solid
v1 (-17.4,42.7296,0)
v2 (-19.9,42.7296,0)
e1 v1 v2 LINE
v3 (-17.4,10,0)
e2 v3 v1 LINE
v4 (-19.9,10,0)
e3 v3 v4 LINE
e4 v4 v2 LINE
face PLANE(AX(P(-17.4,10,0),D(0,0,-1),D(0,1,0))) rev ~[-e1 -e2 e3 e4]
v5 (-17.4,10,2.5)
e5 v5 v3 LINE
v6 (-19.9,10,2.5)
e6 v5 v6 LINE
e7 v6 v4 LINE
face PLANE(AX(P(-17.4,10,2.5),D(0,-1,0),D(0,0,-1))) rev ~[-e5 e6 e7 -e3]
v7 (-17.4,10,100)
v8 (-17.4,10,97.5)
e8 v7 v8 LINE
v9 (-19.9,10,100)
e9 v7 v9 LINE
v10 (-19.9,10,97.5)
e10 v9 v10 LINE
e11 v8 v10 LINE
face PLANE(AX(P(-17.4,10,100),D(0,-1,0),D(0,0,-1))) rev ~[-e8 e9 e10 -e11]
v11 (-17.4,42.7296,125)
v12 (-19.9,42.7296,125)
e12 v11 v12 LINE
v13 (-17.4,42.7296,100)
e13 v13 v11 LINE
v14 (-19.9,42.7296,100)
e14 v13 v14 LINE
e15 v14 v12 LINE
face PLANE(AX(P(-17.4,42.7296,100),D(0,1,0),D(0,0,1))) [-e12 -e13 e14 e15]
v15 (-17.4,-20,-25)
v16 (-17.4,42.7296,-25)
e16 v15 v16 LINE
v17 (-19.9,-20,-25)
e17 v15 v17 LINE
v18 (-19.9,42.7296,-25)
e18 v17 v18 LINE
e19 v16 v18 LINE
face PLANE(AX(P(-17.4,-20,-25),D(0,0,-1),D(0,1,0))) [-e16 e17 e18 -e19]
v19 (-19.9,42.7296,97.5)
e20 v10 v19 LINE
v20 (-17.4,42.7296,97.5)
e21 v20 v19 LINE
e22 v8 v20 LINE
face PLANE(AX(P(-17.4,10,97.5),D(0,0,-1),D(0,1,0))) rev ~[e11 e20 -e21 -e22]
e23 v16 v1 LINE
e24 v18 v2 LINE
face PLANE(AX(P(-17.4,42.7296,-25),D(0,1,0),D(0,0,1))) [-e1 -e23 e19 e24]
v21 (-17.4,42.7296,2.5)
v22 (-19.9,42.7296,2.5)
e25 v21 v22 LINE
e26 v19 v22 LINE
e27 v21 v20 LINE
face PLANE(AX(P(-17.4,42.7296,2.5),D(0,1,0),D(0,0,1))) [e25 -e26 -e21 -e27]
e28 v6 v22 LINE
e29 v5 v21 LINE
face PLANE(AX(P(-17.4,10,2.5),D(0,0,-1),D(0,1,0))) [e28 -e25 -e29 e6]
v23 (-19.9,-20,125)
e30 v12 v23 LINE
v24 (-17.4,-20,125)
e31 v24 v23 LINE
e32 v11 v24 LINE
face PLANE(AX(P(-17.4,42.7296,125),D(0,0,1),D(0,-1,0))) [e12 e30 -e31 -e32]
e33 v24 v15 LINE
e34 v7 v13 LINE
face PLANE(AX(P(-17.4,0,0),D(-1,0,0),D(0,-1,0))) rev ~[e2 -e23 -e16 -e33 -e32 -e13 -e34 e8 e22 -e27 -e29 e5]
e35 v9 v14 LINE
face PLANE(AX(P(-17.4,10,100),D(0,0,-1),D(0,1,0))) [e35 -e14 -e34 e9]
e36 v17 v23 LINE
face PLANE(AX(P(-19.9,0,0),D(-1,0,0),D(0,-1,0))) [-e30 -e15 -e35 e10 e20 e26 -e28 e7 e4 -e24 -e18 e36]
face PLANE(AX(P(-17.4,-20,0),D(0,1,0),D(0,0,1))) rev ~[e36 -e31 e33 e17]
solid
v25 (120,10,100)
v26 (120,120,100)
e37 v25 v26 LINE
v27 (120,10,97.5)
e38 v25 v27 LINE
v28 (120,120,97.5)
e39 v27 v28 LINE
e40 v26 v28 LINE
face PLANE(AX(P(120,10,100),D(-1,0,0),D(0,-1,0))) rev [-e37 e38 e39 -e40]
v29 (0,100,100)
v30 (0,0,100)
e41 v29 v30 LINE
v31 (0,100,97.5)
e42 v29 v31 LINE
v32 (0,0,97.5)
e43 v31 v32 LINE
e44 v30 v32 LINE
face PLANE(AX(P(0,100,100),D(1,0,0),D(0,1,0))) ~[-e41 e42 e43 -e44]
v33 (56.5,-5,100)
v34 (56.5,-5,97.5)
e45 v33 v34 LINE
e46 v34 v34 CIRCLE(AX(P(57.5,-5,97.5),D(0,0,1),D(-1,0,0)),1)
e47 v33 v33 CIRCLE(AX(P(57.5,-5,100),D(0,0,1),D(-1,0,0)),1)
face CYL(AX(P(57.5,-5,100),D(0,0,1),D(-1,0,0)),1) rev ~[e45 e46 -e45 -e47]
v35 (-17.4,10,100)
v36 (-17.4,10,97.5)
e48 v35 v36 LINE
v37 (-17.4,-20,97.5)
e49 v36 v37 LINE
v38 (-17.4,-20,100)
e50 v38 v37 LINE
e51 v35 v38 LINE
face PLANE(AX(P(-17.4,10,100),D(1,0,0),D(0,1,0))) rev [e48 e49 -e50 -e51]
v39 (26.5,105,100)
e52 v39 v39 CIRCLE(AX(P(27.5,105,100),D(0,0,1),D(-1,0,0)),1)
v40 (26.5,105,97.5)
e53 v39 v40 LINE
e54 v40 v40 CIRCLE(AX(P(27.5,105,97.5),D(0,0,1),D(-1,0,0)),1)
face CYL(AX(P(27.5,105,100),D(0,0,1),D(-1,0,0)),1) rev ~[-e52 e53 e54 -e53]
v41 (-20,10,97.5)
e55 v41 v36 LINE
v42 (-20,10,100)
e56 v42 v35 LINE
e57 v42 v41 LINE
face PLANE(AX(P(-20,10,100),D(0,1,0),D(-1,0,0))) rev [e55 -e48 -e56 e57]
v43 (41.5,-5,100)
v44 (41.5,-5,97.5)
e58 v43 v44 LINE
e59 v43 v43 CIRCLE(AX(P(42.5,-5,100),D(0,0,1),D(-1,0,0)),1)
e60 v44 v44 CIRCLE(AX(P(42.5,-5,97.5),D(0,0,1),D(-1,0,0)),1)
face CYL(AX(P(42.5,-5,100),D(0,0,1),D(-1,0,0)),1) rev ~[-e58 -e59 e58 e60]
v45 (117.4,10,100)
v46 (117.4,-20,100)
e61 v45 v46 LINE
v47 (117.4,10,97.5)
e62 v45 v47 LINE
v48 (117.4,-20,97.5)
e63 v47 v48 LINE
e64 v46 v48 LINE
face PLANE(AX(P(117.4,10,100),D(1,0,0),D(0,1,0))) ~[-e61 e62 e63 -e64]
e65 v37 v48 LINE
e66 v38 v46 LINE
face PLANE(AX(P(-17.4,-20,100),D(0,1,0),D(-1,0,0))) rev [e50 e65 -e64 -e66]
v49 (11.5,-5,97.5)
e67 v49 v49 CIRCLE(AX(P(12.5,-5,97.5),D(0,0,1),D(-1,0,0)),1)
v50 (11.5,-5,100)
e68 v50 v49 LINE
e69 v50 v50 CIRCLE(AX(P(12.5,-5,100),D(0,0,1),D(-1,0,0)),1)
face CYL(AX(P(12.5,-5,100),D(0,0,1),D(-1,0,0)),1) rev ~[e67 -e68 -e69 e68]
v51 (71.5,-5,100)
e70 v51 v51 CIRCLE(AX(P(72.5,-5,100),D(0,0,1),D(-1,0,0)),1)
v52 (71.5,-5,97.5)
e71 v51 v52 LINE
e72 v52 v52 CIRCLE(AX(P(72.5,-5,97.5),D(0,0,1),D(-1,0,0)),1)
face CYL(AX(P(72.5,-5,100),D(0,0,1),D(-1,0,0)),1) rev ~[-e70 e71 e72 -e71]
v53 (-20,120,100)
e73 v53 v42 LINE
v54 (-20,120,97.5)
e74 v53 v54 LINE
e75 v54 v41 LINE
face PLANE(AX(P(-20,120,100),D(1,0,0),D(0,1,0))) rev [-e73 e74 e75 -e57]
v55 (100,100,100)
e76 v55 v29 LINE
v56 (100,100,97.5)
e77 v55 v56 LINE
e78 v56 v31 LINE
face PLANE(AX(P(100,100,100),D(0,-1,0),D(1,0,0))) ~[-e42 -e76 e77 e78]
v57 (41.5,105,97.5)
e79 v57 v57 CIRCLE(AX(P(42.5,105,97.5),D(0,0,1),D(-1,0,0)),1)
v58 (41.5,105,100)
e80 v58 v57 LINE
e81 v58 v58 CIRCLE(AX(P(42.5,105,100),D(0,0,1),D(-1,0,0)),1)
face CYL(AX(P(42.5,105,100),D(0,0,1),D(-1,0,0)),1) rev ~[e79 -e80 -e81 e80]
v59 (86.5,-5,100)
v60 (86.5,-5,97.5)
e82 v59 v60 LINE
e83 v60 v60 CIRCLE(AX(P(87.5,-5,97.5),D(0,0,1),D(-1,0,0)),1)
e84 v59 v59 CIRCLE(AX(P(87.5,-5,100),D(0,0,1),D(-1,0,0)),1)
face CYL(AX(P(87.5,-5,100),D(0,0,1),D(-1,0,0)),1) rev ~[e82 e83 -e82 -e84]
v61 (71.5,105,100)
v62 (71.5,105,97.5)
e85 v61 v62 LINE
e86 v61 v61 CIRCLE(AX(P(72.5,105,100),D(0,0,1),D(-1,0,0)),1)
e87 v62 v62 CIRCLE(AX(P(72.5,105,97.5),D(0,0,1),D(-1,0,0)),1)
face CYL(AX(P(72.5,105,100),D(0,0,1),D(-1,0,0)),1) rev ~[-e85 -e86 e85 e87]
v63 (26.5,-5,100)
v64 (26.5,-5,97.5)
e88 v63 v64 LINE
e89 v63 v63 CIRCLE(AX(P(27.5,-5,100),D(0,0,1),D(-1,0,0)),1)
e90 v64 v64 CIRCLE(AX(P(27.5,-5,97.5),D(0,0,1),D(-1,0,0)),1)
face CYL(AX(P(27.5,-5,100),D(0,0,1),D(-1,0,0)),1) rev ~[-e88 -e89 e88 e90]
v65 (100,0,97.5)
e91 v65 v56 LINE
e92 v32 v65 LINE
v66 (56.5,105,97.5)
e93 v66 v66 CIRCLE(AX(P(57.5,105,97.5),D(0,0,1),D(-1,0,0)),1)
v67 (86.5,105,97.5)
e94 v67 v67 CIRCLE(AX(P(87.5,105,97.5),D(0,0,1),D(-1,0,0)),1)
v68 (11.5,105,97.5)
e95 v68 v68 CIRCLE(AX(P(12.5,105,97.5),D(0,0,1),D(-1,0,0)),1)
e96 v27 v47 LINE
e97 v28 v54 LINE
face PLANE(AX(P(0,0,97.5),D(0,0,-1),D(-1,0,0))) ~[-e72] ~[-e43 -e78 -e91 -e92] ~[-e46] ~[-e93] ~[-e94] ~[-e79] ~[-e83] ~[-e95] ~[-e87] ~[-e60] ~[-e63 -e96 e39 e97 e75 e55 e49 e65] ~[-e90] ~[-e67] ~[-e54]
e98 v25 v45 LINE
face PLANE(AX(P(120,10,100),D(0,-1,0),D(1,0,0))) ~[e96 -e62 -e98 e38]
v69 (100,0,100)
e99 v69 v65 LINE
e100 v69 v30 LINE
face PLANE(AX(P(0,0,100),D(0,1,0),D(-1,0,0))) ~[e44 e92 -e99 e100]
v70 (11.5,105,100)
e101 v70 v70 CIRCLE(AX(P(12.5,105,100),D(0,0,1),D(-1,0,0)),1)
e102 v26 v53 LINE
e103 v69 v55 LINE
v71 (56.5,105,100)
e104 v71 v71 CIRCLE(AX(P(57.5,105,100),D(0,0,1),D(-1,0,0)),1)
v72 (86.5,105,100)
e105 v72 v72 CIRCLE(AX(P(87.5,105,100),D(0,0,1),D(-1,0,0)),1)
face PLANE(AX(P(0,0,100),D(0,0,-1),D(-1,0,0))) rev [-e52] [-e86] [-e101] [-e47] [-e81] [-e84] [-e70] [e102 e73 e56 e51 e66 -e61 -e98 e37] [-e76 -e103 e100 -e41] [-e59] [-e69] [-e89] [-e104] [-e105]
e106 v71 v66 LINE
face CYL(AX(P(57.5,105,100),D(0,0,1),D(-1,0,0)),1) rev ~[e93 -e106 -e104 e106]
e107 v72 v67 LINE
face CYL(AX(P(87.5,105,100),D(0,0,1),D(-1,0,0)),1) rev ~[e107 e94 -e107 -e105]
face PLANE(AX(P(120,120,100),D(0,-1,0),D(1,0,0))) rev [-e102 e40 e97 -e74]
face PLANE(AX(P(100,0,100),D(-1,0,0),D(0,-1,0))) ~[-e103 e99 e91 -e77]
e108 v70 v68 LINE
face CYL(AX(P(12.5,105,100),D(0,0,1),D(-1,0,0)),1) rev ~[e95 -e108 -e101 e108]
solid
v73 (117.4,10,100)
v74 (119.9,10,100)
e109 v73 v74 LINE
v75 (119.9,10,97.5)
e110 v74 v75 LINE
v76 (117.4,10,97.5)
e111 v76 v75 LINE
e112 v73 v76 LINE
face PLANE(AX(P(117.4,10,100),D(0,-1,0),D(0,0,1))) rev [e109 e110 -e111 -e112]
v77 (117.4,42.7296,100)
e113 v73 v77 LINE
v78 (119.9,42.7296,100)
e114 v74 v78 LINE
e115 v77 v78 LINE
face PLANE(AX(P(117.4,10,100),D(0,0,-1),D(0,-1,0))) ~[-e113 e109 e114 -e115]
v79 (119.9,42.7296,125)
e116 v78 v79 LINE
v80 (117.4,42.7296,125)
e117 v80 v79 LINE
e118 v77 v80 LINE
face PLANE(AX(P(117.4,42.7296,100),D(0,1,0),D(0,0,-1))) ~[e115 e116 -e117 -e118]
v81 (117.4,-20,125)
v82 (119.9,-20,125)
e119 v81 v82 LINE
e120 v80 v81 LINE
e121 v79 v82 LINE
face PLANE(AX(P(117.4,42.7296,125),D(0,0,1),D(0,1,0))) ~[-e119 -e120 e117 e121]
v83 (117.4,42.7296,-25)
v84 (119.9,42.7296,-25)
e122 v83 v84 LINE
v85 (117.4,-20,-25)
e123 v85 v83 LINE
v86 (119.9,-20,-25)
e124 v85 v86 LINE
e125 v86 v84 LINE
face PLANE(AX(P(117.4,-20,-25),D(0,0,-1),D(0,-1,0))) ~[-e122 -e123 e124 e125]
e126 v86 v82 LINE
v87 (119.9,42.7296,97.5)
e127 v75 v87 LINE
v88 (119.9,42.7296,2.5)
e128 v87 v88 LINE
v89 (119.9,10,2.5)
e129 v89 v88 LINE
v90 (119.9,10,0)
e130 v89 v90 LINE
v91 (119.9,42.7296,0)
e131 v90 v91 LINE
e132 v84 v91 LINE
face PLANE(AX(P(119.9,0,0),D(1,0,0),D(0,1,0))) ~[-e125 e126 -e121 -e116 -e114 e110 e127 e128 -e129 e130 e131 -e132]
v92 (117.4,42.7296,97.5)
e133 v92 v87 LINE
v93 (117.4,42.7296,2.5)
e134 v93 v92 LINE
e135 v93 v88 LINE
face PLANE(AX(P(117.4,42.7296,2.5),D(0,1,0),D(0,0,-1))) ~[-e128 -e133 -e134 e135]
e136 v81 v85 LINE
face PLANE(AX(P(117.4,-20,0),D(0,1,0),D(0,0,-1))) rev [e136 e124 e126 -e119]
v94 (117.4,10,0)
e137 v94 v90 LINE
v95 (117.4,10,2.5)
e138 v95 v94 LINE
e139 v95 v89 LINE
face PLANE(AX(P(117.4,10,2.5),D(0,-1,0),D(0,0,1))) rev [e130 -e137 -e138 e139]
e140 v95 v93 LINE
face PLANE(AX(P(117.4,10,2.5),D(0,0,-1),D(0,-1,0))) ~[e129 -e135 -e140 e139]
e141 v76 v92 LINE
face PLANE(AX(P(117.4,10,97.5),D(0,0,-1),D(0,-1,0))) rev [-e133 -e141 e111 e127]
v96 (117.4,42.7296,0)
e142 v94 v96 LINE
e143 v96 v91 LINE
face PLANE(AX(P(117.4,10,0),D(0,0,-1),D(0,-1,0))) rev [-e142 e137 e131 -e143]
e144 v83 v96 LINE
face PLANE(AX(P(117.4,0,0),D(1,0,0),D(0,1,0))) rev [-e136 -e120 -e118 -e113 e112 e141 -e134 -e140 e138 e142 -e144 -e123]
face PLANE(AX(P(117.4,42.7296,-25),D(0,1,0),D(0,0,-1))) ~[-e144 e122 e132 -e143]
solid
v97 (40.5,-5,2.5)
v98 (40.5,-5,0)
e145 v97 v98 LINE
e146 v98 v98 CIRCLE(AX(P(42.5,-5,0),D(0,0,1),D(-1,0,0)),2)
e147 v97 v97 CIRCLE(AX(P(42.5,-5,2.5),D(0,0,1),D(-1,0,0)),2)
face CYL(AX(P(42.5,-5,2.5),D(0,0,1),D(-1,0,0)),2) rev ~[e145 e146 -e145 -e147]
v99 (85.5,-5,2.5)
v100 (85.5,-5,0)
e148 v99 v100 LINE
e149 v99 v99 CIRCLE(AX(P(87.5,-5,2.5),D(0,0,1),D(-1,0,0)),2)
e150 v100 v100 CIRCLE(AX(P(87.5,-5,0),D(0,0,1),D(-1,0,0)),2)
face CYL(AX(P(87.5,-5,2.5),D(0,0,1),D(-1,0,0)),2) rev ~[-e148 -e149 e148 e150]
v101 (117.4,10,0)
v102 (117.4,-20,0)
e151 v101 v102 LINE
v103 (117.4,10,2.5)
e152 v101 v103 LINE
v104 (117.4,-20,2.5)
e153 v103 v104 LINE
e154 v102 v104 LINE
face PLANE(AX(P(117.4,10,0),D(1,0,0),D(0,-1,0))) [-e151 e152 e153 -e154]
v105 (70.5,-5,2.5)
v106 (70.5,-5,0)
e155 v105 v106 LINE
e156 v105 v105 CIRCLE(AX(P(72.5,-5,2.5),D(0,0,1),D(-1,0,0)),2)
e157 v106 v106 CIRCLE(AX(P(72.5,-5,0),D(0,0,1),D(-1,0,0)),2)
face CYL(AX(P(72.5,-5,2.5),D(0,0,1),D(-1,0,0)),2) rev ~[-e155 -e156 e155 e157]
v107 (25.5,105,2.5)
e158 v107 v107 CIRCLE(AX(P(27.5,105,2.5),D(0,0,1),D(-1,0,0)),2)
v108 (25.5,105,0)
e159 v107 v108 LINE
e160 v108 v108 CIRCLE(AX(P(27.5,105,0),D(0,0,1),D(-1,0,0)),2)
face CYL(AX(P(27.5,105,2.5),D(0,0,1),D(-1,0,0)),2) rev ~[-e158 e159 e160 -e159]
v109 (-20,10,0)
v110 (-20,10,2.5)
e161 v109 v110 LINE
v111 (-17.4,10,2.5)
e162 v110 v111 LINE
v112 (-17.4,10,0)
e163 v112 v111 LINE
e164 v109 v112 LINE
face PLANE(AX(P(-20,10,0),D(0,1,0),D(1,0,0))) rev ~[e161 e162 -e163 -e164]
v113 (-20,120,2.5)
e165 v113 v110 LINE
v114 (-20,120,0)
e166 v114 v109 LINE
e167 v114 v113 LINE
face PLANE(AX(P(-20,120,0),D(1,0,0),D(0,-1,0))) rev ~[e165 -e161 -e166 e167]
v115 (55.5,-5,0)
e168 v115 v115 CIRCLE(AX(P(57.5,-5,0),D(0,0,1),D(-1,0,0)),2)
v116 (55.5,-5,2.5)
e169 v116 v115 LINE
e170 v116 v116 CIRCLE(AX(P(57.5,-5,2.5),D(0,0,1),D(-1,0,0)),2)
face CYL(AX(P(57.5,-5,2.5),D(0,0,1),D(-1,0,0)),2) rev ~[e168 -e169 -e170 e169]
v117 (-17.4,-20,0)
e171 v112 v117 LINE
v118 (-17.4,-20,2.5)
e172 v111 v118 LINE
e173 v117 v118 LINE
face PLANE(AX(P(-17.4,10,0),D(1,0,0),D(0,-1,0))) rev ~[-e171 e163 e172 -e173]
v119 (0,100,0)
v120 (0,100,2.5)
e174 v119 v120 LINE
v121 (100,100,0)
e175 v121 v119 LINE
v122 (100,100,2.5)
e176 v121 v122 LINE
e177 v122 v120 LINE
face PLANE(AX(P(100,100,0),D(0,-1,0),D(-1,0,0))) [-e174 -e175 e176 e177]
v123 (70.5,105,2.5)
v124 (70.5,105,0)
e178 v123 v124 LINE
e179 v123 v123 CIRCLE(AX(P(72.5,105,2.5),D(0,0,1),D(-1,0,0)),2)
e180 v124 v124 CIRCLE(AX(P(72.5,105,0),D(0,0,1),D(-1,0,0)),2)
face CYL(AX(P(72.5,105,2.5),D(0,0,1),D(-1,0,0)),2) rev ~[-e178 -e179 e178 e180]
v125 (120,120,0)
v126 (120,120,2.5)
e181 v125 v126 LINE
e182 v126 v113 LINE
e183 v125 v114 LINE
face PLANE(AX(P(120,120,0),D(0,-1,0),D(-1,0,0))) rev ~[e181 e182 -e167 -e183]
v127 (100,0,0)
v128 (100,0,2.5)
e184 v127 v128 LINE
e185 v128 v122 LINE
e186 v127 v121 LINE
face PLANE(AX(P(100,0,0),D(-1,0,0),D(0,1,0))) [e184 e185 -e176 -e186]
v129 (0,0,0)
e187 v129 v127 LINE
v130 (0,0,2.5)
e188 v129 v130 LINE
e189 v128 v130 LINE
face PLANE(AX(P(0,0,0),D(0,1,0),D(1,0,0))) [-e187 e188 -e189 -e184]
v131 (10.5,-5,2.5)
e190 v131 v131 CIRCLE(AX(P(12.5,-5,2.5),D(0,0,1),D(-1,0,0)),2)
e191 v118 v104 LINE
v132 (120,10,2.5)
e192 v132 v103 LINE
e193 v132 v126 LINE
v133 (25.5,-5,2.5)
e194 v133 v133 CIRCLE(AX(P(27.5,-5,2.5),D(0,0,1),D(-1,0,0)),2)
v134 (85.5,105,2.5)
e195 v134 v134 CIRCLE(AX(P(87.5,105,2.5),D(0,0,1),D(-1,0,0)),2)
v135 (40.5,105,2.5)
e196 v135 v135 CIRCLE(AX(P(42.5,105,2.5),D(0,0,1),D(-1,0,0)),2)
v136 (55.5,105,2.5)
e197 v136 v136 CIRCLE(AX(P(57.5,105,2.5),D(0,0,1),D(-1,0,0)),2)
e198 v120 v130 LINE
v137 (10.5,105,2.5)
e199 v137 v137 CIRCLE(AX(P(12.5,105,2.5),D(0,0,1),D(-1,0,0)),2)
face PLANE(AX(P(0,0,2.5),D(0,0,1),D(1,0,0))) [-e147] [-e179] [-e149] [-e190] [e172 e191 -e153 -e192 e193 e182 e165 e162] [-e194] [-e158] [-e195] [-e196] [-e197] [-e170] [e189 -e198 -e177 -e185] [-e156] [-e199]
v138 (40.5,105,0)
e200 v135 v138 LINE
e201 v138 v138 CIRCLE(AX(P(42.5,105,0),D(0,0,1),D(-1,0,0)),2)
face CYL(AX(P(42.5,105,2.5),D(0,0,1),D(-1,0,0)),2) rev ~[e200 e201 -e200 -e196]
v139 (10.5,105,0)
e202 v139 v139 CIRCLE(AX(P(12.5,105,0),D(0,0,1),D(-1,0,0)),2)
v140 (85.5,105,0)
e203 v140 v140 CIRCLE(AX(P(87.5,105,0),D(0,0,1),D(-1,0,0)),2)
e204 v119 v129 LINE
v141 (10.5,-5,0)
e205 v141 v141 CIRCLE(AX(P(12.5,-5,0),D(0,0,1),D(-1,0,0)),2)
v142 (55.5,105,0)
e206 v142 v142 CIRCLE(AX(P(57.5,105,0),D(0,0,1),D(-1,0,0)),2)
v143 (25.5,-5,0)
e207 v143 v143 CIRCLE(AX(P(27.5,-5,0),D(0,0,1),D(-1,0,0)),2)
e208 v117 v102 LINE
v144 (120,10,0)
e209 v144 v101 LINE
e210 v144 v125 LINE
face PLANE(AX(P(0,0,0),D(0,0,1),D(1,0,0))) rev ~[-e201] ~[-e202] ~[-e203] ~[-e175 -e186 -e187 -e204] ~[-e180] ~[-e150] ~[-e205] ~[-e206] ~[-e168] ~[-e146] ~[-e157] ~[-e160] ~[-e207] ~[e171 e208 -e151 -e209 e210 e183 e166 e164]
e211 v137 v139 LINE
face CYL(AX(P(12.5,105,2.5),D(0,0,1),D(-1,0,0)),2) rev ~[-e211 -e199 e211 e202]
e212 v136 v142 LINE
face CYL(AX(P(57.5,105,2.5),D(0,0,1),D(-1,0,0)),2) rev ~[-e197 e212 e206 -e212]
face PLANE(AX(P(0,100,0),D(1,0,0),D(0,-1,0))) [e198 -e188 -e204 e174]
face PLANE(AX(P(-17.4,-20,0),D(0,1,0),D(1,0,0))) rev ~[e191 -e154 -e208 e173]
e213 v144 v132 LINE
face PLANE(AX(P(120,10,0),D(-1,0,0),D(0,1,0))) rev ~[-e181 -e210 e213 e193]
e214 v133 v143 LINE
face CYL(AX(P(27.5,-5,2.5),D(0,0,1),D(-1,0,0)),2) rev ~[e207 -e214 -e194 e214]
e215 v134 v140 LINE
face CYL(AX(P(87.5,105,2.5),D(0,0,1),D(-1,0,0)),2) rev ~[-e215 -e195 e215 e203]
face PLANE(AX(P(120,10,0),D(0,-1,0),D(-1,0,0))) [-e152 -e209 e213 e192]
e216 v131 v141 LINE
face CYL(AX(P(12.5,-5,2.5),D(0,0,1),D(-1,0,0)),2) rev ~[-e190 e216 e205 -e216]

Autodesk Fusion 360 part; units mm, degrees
sketch "Skizze1" plane through (0, 0, 0) normal (0, 0, 1) x (1, 0, 0)
  line L0 (0, 0) -> (100, 0)
  line L1 (100, 0) -> (100, 100)
  line L2 (100, 100) -> (0, 100)
  line L3 (0, 100) -> (0, 0)
  line L4 (-17.4, -20) -> (120, -20)
  line L5 (120, -20) -> (120, 120)
  line L6 (120, 120) -> (-20, 120)
  line L7 (-20, 120) -> (-20, 10)
  line L8 (-20, 10) -> (-17.4, 10)
  line L9 (-17.4, 10) -> (-17.4, -20)
  line L10 (50, 0) -> (50, 5)
  line L11 (117.4, 10) -> (117.4, -20)
  line L12 (120, 10) -> (117.4, 10)
  dimension "d1" = 100
  dimension "d2" = 100
  dimension "d4" = 2.6
  dimension "d5" = 30
extrude "Extrusion1" add sketch "Skizze1" along normal blind 2.5 contours L4 L5 L6 L7 L8 L9 L11 L12 makes body 1
sketch "Skizze2" plane through (-17.4, 0, 0) normal (-1, 0, 0) x (0, -1, 0)
  line L0 (-10, 0) -> (20, 0)
  line L1 (20, 0) -> (20, 2.5)
  line L2 (20, 2.5) -> (-10, 2.5)
  line L3 (-10, 2.5) -> (-10, 0)
  line L4 (20, -25) -> (-42.7296, -25)
  line L5 (-42.7296, 125) -> (20, 125)
  line L6 (20, 125) -> (20, -25)
  line L7 (-10, 2.5) -> (-42.7296, 2.5)
  line L8 (-10, 0) -> (-42.7296, 0)
  line L9 (-10, 0) -> (-10, 2.5)
  line L10 (-42.7296, 50) -> (-35, 50)
  line L11 (-10, 100) -> (-42.7296, 100)
  line L12 (-10, 97.5) -> (-42.7296, 97.5)
  line L13 (-10, 100) -> (-10, 97.5)
  line L14 (-42.7296, -25) -> (-42.7296, 0)
  line L15 (-42.7296, 2.5) -> (-42.7296, 97.5)
  line L16 (-42.7296, 100) -> (-42.7296, 125)
  dimension "d8" = 150
  dimension "d9" = 25
extrude "Extrusion2" add sketch "Skizze2" along normal blind 2.5 separate body makes body 2
ref_plane "Arbeitsebene1" through (-18.65, 11.3648, 50) normal (0, 0, -1) x (0, -1, 0)
mirror "Spiegeln1" about plane through (-18.65, 11.3648, 50) normal (0, 0, -1) of bodies 1 makes body 3
ref_plane "Arbeitsebene2" through (50, 65, 98.75) normal (1, 0, 0) x (0, 1, 0)
mirror "Spiegeln2" about plane through (50, 65, 98.75) normal (1, 0, 0) of bodies 2 makes body 4
sketch "Skizze3" plane through (0, 0, 2.5) normal (0, 0, 1) x (-1, 0, 0)
  line L0 (0, 0) -> (0, -100)
  line L1 (0, -100) -> (-100, -100)
  line L2 (-100, -100) -> (-100, 0)
  line L3 (-100, 0) -> (0, 0)
  line L4 (-120, -120) -> (20, -120)
  line L5 (20, -120) -> (20, -10)
  line L6 (20, -10) -> (17.4, -10)
  line L7 (17.4, -10) -> (17.4, 20)
  line L8 (17.4, 20) -> (-117.4, 20)
  line L9 (-117.4, 20) -> (-117.4, -10)
  line L10 (-117.4, -10) -> (-120, -10)
  line L11 (-120, -10) -> (-120, -120)
  circle A0 centre (-12.5, -105) radius 2
  circle A1 centre (-27.5, -105) radius 2
  circle A2 centre (-42.5, -105) radius 2
  circle A3 centre (-57.5, -105) radius 2
  circle A4 centre (-72.5, -105) radius 2
  line L12 (0, -50) -> (-0.7928, -50)
  circle A5 centre (-27.5, 5) radius 2
  circle A6 centre (-72.5, 5) radius 2
  circle A7 centre (-42.5, 5) radius 2
  circle A8 centre (-57.5, 5) radius 2
  circle A9 centre (-12.5, 5) radius 2
  circle A10 centre (-87.5, -105) radius 2
  circle A11 centre (-87.5, 5) radius 2
  point P0 (-87.5, 5)
  dimension "d16" = 4
  dimension "d17" = 5
  dimension "d18" = 12.5
  dimension "d21" = 75
  dimension "d22" = 0
extrude "Extrusion3" cut sketch "Skizze3" against normal blind 2.5 contours A0 | A1 | A2 | A3 | A4 | A5 | A6 | A7 | A8 | A9 | A10 | A11 bodies 1
sketch "Skizze4" plane through (0, 0, 100) normal (0, 0, 1) x (-1, 0, 0)
  line L0 (0, 0) -> (0, -100)
  line L1 (0, -100) -> (-100, -100)
  line L2 (-100, -100) -> (-100, 0)
  line L3 (-100, 0) -> (0, 0)
  line L4 (-120, -120) -> (20, -120)
  line L5 (20, -120) -> (20, -10)
  line L6 (20, -10) -> (17.4, -10)
  line L7 (17.4, -10) -> (17.4, 20)
  line L8 (17.4, 20) -> (-117.4, 20)
  line L9 (-117.4, 20) -> (-117.4, -10)
  line L10 (-117.4, -10) -> (-120, -10)
  line L11 (-120, -10) -> (-120, -120)
  circle A0 centre (-12.5, -105) radius 1
  circle A1 centre (-27.5, -105) radius 1
  circle A2 centre (-42.5, -105) radius 1
  circle A3 centre (-57.5, -105) radius 1
  circle A4 centre (-72.5, -105) radius 1
  line L12 (0, -50) -> (-0.625, -50)
  circle A5 centre (-27.5, 5) radius 1
  circle A6 centre (-72.5, 5) radius 1
  circle A7 centre (-42.5, 5) radius 1
  circle A8 centre (-12.5, 5) radius 1
  circle A9 centre (-57.5, 5) radius 1
  circle A10 centre (-87.5, -105) radius 1
  circle A11 centre (-87.5, 5) radius 1
  dimension "d25" = 2
  dimension "d26" = 5
  dimension "d27" = 12.5
  dimension "d30" = 75
  dimension "d31" = 0
extrude "Extrusion4" cut sketch "Skizze4" against normal blind 2.5 contours A0 | A1 | A2 | A3 | A4 | A5 | A6 | A7 | A8 | A9 | A10 | A11 bodies 3
sketch "Skizze5" plane through (117.4, 0, 0) normal (-1, 0, 0) x (0, -1, 0)
  line L0 (-10, 100) -> (-10, 97.5)
  line L1 (-10, 97.5) -> (-42.7296, 97.5)
  line L2 (-42.7296, 97.5) -> (-42.7296, 2.5)
  line L3 (-42.7296, 2.5) -> (-10, 2.5)
  line L4 (-10, 2.5) -> (-10, 0)
  line L5 (-10, 0) -> (-42.7296, 0)
  line L6 (-42.7296, 0) -> (-42.7296, -25)
  line L7 (-42.7296, -25) -> (20, -25)
  line L8 (20, -25) -> (20, 125)
  line L9 (20, 125) -> (-42.7296, 125)
  line L10 (-42.7296, 125) -> (-42.7296, 100)
  line L11 (-42.7296, 100) -> (-10, 100)
equation "d18 = ( 100 / 8 ) * 1 mm"
equation "d21 = 100 mm - ( 2 * 100 / 8 ) * 1 mm"
equation "d27 = ( 100 / 8 ) * 1 mm"
equation "d30 = 100 mm - ( 2 * 100 / 8 ) * 1 mm"
